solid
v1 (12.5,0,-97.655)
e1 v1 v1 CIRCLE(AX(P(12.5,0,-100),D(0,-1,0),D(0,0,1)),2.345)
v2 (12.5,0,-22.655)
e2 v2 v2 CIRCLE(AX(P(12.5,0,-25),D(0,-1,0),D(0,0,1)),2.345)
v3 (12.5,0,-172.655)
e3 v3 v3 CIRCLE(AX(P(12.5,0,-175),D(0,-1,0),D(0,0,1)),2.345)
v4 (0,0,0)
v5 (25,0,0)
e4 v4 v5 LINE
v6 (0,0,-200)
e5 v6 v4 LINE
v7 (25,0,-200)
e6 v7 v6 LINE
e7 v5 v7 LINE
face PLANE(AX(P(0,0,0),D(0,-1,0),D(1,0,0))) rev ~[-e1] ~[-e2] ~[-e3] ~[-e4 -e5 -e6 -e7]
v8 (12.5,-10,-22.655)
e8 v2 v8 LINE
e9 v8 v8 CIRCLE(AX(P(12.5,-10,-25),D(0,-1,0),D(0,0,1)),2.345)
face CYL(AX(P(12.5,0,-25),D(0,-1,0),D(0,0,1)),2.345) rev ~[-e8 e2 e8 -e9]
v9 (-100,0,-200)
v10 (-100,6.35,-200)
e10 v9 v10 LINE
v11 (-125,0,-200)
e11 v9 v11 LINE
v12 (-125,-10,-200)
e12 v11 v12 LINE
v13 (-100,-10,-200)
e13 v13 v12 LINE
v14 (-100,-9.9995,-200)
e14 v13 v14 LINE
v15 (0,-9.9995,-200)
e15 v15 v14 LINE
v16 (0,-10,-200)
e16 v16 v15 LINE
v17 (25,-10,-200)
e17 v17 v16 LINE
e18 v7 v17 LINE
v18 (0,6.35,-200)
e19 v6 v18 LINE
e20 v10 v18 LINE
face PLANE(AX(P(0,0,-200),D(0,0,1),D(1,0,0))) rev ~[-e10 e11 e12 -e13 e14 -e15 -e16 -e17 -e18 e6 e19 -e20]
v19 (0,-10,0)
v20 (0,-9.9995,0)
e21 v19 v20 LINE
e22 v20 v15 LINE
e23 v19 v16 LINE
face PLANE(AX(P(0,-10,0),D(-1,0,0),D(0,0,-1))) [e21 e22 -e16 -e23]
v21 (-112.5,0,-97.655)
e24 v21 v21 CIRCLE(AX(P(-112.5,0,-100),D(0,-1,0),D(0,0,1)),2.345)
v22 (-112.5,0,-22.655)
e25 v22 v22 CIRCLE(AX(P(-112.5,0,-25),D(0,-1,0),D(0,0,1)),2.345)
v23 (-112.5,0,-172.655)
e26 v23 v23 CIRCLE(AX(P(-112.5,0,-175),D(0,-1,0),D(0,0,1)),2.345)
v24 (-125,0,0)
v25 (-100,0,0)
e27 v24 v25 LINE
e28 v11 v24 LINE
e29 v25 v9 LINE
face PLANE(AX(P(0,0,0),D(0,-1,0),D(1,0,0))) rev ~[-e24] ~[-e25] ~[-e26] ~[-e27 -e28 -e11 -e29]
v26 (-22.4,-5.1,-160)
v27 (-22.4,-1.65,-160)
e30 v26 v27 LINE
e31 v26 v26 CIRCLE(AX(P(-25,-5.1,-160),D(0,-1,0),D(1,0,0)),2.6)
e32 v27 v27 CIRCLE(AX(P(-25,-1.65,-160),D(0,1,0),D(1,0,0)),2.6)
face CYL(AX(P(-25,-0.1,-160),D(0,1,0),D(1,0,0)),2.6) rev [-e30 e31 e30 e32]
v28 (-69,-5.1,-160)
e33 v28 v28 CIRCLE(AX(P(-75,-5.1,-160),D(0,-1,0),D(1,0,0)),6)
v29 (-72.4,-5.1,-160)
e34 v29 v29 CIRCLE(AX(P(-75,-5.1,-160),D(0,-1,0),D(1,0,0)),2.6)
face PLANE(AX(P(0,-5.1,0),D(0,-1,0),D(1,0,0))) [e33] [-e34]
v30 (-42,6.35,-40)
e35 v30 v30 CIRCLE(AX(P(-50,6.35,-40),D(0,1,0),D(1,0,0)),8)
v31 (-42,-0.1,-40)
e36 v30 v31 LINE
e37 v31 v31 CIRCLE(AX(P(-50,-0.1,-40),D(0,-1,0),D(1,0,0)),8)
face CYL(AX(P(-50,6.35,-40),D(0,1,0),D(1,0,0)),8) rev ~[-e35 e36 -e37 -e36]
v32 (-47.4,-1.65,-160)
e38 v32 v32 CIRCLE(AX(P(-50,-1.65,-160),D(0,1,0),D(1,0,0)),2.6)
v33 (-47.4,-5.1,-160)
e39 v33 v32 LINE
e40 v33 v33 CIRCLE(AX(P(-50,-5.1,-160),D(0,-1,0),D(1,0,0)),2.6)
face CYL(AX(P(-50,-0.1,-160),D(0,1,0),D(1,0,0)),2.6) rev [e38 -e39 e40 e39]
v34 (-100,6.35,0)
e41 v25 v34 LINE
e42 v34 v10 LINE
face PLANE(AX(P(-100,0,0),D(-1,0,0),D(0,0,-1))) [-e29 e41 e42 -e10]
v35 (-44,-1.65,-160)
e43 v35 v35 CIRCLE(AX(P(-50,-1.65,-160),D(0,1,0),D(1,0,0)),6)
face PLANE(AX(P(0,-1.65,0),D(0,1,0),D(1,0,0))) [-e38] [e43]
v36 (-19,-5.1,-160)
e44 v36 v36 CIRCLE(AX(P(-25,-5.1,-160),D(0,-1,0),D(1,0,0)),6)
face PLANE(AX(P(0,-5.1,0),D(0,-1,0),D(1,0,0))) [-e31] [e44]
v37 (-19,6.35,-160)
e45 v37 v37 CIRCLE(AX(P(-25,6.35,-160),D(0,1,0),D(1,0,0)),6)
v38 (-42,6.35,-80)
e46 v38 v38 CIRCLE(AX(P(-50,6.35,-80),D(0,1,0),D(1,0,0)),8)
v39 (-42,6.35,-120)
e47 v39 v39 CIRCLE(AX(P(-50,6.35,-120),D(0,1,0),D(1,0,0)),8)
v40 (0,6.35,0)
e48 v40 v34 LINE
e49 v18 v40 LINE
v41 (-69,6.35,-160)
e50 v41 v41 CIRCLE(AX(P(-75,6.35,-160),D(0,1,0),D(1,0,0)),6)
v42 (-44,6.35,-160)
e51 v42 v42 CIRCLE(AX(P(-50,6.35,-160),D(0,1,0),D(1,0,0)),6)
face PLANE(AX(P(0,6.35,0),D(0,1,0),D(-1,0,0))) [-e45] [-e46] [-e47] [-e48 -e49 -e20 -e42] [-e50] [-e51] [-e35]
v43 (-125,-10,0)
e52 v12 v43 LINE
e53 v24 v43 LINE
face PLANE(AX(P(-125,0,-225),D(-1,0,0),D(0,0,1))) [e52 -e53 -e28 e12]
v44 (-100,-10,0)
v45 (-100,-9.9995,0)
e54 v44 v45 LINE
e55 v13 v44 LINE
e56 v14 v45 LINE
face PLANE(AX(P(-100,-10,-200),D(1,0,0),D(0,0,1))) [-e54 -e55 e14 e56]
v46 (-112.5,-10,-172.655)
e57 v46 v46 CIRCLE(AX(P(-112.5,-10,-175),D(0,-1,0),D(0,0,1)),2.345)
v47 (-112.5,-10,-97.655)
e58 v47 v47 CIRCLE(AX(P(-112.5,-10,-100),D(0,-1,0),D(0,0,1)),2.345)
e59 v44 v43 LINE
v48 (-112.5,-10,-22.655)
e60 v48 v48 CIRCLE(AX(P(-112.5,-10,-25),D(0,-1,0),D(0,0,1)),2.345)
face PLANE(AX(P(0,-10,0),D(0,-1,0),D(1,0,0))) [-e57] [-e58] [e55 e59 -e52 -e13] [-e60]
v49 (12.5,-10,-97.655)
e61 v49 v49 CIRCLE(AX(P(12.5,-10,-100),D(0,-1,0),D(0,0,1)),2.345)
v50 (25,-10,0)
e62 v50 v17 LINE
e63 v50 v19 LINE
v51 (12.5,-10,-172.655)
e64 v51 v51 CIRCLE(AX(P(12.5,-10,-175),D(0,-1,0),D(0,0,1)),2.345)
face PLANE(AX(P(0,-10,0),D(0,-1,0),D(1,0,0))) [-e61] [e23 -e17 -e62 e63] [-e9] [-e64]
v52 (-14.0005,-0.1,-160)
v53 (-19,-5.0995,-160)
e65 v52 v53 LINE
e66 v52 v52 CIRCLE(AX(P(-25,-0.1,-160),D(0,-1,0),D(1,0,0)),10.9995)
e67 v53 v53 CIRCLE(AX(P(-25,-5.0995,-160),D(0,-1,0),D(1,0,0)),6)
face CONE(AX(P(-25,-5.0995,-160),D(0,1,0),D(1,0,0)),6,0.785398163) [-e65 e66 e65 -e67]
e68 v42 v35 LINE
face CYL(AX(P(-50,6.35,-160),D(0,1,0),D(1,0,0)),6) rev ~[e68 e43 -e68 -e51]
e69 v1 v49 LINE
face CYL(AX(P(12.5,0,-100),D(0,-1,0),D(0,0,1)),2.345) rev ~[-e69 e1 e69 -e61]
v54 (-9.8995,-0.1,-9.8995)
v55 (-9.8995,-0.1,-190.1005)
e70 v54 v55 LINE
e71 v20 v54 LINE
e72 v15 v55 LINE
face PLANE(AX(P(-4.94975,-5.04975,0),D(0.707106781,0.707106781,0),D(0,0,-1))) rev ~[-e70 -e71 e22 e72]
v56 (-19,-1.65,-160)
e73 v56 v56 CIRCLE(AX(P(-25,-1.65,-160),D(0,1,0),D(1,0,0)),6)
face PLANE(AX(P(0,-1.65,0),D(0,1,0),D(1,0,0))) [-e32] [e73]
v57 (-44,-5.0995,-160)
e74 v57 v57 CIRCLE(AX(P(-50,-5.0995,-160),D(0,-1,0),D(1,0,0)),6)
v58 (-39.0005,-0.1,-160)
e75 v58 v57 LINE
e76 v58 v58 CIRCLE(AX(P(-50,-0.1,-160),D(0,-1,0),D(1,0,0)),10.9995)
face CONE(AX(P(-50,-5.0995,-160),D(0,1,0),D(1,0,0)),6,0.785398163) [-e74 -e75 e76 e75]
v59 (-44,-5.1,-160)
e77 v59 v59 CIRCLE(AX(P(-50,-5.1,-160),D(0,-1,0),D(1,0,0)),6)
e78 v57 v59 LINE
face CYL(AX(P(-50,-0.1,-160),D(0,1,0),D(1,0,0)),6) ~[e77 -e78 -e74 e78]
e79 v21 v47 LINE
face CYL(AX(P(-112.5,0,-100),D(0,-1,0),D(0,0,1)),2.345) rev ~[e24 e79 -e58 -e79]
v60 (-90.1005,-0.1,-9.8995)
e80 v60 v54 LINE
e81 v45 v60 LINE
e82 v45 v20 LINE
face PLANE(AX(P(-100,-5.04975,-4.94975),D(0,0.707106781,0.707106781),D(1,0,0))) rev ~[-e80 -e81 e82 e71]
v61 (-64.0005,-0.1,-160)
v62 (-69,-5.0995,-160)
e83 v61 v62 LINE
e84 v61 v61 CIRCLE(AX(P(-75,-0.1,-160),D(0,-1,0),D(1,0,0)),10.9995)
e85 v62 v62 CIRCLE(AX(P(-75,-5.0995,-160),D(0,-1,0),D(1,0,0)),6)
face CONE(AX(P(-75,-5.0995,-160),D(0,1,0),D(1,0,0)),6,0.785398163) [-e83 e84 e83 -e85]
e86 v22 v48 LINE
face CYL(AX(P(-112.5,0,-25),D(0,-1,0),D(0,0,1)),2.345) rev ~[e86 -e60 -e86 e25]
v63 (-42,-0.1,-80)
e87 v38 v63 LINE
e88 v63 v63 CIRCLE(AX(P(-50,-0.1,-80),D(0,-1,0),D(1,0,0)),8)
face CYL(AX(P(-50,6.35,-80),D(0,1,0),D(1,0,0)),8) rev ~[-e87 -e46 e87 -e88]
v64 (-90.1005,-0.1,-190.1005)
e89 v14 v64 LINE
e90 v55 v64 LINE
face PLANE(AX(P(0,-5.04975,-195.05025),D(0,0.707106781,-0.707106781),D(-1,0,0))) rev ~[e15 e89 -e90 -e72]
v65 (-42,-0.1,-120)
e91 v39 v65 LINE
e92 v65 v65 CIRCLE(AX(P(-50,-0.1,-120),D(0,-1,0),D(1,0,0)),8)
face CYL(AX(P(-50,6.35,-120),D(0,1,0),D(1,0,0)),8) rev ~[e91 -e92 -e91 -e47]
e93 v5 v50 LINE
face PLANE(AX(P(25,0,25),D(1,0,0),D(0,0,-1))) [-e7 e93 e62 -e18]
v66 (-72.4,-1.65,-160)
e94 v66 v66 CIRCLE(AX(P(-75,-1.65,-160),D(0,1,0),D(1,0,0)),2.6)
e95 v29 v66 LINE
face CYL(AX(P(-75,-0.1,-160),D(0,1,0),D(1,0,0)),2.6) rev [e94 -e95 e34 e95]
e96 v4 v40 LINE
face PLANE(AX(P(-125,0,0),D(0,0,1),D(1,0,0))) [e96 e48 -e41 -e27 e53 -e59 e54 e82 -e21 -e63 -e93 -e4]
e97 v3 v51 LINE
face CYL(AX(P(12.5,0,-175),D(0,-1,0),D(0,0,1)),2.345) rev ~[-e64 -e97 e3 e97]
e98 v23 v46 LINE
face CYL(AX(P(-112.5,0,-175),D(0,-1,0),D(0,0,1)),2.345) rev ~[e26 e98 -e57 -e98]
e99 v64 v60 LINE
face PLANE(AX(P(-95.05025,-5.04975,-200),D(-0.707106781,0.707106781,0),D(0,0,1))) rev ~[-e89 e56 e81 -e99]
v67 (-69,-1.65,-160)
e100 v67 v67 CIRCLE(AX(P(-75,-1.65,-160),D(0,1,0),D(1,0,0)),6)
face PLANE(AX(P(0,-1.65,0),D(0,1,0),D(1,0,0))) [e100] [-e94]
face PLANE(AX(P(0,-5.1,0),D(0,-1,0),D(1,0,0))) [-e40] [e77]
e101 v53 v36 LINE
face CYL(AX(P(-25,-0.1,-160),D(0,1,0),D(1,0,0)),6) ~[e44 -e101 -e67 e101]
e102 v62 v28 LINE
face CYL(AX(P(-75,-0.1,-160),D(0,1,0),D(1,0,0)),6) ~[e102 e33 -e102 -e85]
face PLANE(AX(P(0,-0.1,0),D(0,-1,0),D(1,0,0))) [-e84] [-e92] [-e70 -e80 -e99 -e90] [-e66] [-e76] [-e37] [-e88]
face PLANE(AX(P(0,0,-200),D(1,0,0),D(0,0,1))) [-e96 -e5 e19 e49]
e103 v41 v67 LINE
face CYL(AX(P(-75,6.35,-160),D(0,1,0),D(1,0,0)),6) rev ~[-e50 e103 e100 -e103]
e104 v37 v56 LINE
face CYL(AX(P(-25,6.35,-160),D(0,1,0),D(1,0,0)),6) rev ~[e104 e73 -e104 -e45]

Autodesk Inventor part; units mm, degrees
ref_plane "YZ Plane" through (0, 0, 0) normal (1, 0, 0) x (0, 1, 0)
ref_plane "XZ Plane" through (0, 0, 0) normal (0, 1, 0) x (-1, 0, 0)
ref_plane "XY Plane" through (0, 0, 0) normal (0, 0, 1) x (1, 0, 0)
sketch "Sketch1" plane through (0, 0, 0) normal (0, 1, 0) x (-1, 0, 0)
  line L0 (0, 0) -> (100, 0)
  line L1 (100, 0) -> (100, -200)
  line L2 (100, -200) -> (0, -200)
  line L3 (0, -200) -> (0, 0)
  dimension "d0" = 200
  dimension "d1" = 100
extrude "Extrusion1" add sketch "Sketch1" along normal blind 6.35
sketch "Sketch2" plane through (0, 0, 0) normal (0, -1, 0) x (1, 0, 0)
  line L0 (0, 0) -> (0, -200) projected
  line L1 (0, -200) -> (-100, -200) projected
  line L2 (-100, -200) -> (-100, 0) projected
  line L3 (-100, 0) -> (0, 0) projected
  line L4 (25, 25) -> (25, -225)
  line L5 (25, -225) -> (-125, -225)
  line L6 (-125, -225) -> (-125, 25)
  line L7 (-125, 25) -> (25, 25)
  dimension "d4" = 25
extrude "Extrusion2" add sketch "Sketch2" along normal blind 10 contours L0 L1 L2 L3 | L4 L5 L6 L7
sketch "Sketch4" plane through (0, 6.35, 0) normal (0, 1, 0) x (1, 0, 0)
  line L0 (-100, 0) -> (0, 0) construction
  line L1 (-75, 0) -> (-75, 200) construction
  line L2 (0, 200) -> (-100, 200) construction
  line L3 (0, 0) -> (0, 200) construction
  line L4 (-100, 200) -> (-100, 0) construction
  line L5 (-50, 0) -> (-50, 200) construction
  line L6 (-100, 40) -> (0, 40) construction
  line L7 (-100, 120) -> (0, 120) construction
  line L8 (-100, 80) -> (0, 80) construction
  line L9 (-25, 0) -> (-25, 200) construction
  line L10 (-100, 160) -> (0, 160) construction
  circle A0 centre (-50, 120) radius 8
  circle A1 centre (-50, 80) radius 8
  circle A2 centre (-50, 40) radius 8
  circle A3 centre (-75, 160) radius 2.6
  circle A4 centre (-50, 160) radius 2.6
  circle A5 centre (-25, 160) radius 2.6
  dimension "d15" = 100
  dimension "d16" = 25
  dimension "d17" = 200
  dimension "d18" = 25
  dimension "d19" = 40
  dimension "d20" = 40
  dimension "d21" = 40
  dimension "d22" = 25
  dimension "d23" = 40
  dimension "d24" = 16
  dimension "d25" = 16
  dimension "d26" = 16
  dimension "d27" = 5.2
  dimension "d28" = 5.2
  dimension "d29" = 5.2
  dimension "d30" = 0
  dimension "d31" = 50
extrude "Extrusion3" cut sketch "Sketch4" against normal through all
sketch "Sketch5" plane through (0, -10, 0) normal (0, -1, 0) x (1, 0, 0)
  circle A0 centre (-50, -40) radius 8 projected
  circle A1 centre (-25, -160) radius 2.6 projected
  circle A2 centre (-50, -80) radius 8 projected
  circle A3 centre (-75, -160) radius 2.6 projected
  circle A4 centre (-50, -160) radius 2.6 projected
  circle A5 centre (-50, -120) radius 8 projected
  line L0 (0, -200) -> (-100, -200) projected
  line L1 (-100, -200) -> (-100, 0) projected
  line L2 (-100, 0) -> (0, 0) projected
  line L3 (0, 0) -> (0, -200) projected
extrude "Extrusion4" cut sketch "Sketch5" against normal blind 9.9
chamfer "Chamfer1" distance 9.9 angle 45 4 edges at (0, -0.1, -100) (-50, -0.1, 0) (-100, -0.1, -100) (-50, -0.1, -200)
sketch "Sketch9" plane through (0, -0.1, 0) normal (0, -1, 0) x (1, 0, 0)
  line L0 (-9.9, -9.9) -> (-90.1, -9.9) projected
  line L1 (-90.1, -9.9) -> (-90.1, -190.1) projected
  line L2 (-90.1, -190.1) -> (-9.9, -190.1) projected
  line L3 (-9.9, -190.1) -> (-9.9, -9.9) projected
  circle A0 centre (-50, -40) radius 8 projected
  circle A1 centre (-25, -160) radius 2.6 projected
  circle A2 centre (-50, -80) radius 8 projected
  circle A3 centre (-75, -160) radius 2.6 projected
  circle A4 centre (-50, -160) radius 2.6 projected
  circle A5 centre (-50, -120) radius 8 projected
  line L4 (-125, 25) -> (25, 25) projected
  line L5 (25, 25) -> (25, -225) projected
  line L6 (25, -225) -> (-125, -225) projected
  line L7 (-125, -225) -> (-125, 25) projected
  circle A6 centre (-25, -160) radius 6
  circle A7 centre (-50, -160) radius 6
  circle A8 centre (-75, -160) radius 6
  point P0 (0, 0)
  dimension "d44" = 12
  dimension "d45" = 12
  dimension "d46" = 12
extrude "Extrusion6" add sketch "Sketch9" along normal blind 5 contours A6 | A7 | A8
chamfer "Chamfer2" distance 5 angle 45 3 edges at (-31, -0.1, -160) (-56, -0.1, -160) (-81, -0.1, -160)
sketch "Sketch10" plane through (0, 6.35, 0) normal (0, 1, 0) x (1, 0, 0)
  circle A0 centre (-50, 160) radius 6 projected
  circle A1 centre (-50, 160) radius 2.6 projected
  circle A2 centre (-75, 160) radius 6 projected
  circle A3 centre (-75, 160) radius 2.6 projected
  circle A4 centre (-25, 160) radius 6 projected
  circle A5 centre (-25, 160) radius 2.6 projected
  point P0 (0, 0)
extrude "Extrusion7" cut sketch "Sketch10" against normal blind 8
sketch "Sketch11" plane through (0, 0, 0) normal (0, 1, 0) x (1, 0, 0)
  circle A0 centre (-25, 160) radius 6 projected
  circle A1 centre (-50, 160) radius 6 projected
  circle A2 centre (-75, 160) radius 6 projected
  circle A3 centre (-50, 40) radius 8 projected
  circle A4 centre (-50, 80) radius 8 projected
  circle A5 centre (-50, 120) radius 8 projected
  line L0 (-125, -25) -> (-125, 225) projected
  line L1 (-125, 225) -> (25, 225) projected
  line L2 (25, 225) -> (25, -25) projected
  line L3 (25, -25) -> (-125, -25) projected
  line L4 (0, 0) -> (0, 200) projected
  line L5 (0, 200) -> (-100, 200) projected
  line L6 (-100, 200) -> (-100, 0) projected
  line L7 (-100, 0) -> (0, 0) projected
  line L8 (-125, 200) -> (25, 200)
  line L9 (-125, 0) -> (25, 0)
extrude "Extrusion8" cut sketch "Sketch11" against normal through all contours L0 L9 L7 L2 L3 | L0 L1 L2 L8 L5
sketch "Sketch12" plane through (0, 0, 0) normal (0, 1, 0) x (1, 0, 0)
  line L0 (-125, 0) -> (-100, 0) projected
  line L1 (-100, 200) -> (-100, 0) projected
  line L2 (-100, 200) -> (-125, 200) projected
  line L3 (-125, 0) -> (-125, 200) projected
  line L4 (0, 0) -> (25, 0) projected
  line L5 (25, 200) -> (25, 0) projected
  line L6 (25, 200) -> (0, 200) projected
  line L7 (0, 0) -> (0, 200) projected
  line L8 (-112.5, 200) -> (-112.5, 0)
  line L9 (25, 200) -> (0, 200) projected
  line L10 (12.5, 200) -> (12.5, 0)
  line L11 (-112.5, 175) -> (12.5, 175)
  line L12 (12.5, 175) -> (12.5, 25)
  line L13 (12.5, 25) -> (-112.5, 25)
  line L14 (-112.5, 25) -> (-112.5, 175)
  point P0 (-112.5, 100)
  point P1 (12.5, 100)
  dimension "d56" = 25
  dimension "d57" = 25
hole "Hole2" at (-112.5, 0, -100) at (12.5, 0, -100) at (-112.5, 0, -175) at (12.5, 0, -175) at (12.5, 0, -25) at (-112.5, 0, -25) direction (0, -1, 0) diameter 4.69 end through all
equation "\"d16\" = 0.25 * d15"
equation "\"d18\" = d16"
equation "\"d19\" = 0.2 * d17"
equation "\"d20\" = d19"
equation "\"d21\" = d20"
equation "\"d22\" = d18"
equation "\"d23\" = d21"
equation "\"d28\" = d27"
equation "\"d29\" = d27"
equation "\"d57\" = d56"
properties part number "Faceplate"
